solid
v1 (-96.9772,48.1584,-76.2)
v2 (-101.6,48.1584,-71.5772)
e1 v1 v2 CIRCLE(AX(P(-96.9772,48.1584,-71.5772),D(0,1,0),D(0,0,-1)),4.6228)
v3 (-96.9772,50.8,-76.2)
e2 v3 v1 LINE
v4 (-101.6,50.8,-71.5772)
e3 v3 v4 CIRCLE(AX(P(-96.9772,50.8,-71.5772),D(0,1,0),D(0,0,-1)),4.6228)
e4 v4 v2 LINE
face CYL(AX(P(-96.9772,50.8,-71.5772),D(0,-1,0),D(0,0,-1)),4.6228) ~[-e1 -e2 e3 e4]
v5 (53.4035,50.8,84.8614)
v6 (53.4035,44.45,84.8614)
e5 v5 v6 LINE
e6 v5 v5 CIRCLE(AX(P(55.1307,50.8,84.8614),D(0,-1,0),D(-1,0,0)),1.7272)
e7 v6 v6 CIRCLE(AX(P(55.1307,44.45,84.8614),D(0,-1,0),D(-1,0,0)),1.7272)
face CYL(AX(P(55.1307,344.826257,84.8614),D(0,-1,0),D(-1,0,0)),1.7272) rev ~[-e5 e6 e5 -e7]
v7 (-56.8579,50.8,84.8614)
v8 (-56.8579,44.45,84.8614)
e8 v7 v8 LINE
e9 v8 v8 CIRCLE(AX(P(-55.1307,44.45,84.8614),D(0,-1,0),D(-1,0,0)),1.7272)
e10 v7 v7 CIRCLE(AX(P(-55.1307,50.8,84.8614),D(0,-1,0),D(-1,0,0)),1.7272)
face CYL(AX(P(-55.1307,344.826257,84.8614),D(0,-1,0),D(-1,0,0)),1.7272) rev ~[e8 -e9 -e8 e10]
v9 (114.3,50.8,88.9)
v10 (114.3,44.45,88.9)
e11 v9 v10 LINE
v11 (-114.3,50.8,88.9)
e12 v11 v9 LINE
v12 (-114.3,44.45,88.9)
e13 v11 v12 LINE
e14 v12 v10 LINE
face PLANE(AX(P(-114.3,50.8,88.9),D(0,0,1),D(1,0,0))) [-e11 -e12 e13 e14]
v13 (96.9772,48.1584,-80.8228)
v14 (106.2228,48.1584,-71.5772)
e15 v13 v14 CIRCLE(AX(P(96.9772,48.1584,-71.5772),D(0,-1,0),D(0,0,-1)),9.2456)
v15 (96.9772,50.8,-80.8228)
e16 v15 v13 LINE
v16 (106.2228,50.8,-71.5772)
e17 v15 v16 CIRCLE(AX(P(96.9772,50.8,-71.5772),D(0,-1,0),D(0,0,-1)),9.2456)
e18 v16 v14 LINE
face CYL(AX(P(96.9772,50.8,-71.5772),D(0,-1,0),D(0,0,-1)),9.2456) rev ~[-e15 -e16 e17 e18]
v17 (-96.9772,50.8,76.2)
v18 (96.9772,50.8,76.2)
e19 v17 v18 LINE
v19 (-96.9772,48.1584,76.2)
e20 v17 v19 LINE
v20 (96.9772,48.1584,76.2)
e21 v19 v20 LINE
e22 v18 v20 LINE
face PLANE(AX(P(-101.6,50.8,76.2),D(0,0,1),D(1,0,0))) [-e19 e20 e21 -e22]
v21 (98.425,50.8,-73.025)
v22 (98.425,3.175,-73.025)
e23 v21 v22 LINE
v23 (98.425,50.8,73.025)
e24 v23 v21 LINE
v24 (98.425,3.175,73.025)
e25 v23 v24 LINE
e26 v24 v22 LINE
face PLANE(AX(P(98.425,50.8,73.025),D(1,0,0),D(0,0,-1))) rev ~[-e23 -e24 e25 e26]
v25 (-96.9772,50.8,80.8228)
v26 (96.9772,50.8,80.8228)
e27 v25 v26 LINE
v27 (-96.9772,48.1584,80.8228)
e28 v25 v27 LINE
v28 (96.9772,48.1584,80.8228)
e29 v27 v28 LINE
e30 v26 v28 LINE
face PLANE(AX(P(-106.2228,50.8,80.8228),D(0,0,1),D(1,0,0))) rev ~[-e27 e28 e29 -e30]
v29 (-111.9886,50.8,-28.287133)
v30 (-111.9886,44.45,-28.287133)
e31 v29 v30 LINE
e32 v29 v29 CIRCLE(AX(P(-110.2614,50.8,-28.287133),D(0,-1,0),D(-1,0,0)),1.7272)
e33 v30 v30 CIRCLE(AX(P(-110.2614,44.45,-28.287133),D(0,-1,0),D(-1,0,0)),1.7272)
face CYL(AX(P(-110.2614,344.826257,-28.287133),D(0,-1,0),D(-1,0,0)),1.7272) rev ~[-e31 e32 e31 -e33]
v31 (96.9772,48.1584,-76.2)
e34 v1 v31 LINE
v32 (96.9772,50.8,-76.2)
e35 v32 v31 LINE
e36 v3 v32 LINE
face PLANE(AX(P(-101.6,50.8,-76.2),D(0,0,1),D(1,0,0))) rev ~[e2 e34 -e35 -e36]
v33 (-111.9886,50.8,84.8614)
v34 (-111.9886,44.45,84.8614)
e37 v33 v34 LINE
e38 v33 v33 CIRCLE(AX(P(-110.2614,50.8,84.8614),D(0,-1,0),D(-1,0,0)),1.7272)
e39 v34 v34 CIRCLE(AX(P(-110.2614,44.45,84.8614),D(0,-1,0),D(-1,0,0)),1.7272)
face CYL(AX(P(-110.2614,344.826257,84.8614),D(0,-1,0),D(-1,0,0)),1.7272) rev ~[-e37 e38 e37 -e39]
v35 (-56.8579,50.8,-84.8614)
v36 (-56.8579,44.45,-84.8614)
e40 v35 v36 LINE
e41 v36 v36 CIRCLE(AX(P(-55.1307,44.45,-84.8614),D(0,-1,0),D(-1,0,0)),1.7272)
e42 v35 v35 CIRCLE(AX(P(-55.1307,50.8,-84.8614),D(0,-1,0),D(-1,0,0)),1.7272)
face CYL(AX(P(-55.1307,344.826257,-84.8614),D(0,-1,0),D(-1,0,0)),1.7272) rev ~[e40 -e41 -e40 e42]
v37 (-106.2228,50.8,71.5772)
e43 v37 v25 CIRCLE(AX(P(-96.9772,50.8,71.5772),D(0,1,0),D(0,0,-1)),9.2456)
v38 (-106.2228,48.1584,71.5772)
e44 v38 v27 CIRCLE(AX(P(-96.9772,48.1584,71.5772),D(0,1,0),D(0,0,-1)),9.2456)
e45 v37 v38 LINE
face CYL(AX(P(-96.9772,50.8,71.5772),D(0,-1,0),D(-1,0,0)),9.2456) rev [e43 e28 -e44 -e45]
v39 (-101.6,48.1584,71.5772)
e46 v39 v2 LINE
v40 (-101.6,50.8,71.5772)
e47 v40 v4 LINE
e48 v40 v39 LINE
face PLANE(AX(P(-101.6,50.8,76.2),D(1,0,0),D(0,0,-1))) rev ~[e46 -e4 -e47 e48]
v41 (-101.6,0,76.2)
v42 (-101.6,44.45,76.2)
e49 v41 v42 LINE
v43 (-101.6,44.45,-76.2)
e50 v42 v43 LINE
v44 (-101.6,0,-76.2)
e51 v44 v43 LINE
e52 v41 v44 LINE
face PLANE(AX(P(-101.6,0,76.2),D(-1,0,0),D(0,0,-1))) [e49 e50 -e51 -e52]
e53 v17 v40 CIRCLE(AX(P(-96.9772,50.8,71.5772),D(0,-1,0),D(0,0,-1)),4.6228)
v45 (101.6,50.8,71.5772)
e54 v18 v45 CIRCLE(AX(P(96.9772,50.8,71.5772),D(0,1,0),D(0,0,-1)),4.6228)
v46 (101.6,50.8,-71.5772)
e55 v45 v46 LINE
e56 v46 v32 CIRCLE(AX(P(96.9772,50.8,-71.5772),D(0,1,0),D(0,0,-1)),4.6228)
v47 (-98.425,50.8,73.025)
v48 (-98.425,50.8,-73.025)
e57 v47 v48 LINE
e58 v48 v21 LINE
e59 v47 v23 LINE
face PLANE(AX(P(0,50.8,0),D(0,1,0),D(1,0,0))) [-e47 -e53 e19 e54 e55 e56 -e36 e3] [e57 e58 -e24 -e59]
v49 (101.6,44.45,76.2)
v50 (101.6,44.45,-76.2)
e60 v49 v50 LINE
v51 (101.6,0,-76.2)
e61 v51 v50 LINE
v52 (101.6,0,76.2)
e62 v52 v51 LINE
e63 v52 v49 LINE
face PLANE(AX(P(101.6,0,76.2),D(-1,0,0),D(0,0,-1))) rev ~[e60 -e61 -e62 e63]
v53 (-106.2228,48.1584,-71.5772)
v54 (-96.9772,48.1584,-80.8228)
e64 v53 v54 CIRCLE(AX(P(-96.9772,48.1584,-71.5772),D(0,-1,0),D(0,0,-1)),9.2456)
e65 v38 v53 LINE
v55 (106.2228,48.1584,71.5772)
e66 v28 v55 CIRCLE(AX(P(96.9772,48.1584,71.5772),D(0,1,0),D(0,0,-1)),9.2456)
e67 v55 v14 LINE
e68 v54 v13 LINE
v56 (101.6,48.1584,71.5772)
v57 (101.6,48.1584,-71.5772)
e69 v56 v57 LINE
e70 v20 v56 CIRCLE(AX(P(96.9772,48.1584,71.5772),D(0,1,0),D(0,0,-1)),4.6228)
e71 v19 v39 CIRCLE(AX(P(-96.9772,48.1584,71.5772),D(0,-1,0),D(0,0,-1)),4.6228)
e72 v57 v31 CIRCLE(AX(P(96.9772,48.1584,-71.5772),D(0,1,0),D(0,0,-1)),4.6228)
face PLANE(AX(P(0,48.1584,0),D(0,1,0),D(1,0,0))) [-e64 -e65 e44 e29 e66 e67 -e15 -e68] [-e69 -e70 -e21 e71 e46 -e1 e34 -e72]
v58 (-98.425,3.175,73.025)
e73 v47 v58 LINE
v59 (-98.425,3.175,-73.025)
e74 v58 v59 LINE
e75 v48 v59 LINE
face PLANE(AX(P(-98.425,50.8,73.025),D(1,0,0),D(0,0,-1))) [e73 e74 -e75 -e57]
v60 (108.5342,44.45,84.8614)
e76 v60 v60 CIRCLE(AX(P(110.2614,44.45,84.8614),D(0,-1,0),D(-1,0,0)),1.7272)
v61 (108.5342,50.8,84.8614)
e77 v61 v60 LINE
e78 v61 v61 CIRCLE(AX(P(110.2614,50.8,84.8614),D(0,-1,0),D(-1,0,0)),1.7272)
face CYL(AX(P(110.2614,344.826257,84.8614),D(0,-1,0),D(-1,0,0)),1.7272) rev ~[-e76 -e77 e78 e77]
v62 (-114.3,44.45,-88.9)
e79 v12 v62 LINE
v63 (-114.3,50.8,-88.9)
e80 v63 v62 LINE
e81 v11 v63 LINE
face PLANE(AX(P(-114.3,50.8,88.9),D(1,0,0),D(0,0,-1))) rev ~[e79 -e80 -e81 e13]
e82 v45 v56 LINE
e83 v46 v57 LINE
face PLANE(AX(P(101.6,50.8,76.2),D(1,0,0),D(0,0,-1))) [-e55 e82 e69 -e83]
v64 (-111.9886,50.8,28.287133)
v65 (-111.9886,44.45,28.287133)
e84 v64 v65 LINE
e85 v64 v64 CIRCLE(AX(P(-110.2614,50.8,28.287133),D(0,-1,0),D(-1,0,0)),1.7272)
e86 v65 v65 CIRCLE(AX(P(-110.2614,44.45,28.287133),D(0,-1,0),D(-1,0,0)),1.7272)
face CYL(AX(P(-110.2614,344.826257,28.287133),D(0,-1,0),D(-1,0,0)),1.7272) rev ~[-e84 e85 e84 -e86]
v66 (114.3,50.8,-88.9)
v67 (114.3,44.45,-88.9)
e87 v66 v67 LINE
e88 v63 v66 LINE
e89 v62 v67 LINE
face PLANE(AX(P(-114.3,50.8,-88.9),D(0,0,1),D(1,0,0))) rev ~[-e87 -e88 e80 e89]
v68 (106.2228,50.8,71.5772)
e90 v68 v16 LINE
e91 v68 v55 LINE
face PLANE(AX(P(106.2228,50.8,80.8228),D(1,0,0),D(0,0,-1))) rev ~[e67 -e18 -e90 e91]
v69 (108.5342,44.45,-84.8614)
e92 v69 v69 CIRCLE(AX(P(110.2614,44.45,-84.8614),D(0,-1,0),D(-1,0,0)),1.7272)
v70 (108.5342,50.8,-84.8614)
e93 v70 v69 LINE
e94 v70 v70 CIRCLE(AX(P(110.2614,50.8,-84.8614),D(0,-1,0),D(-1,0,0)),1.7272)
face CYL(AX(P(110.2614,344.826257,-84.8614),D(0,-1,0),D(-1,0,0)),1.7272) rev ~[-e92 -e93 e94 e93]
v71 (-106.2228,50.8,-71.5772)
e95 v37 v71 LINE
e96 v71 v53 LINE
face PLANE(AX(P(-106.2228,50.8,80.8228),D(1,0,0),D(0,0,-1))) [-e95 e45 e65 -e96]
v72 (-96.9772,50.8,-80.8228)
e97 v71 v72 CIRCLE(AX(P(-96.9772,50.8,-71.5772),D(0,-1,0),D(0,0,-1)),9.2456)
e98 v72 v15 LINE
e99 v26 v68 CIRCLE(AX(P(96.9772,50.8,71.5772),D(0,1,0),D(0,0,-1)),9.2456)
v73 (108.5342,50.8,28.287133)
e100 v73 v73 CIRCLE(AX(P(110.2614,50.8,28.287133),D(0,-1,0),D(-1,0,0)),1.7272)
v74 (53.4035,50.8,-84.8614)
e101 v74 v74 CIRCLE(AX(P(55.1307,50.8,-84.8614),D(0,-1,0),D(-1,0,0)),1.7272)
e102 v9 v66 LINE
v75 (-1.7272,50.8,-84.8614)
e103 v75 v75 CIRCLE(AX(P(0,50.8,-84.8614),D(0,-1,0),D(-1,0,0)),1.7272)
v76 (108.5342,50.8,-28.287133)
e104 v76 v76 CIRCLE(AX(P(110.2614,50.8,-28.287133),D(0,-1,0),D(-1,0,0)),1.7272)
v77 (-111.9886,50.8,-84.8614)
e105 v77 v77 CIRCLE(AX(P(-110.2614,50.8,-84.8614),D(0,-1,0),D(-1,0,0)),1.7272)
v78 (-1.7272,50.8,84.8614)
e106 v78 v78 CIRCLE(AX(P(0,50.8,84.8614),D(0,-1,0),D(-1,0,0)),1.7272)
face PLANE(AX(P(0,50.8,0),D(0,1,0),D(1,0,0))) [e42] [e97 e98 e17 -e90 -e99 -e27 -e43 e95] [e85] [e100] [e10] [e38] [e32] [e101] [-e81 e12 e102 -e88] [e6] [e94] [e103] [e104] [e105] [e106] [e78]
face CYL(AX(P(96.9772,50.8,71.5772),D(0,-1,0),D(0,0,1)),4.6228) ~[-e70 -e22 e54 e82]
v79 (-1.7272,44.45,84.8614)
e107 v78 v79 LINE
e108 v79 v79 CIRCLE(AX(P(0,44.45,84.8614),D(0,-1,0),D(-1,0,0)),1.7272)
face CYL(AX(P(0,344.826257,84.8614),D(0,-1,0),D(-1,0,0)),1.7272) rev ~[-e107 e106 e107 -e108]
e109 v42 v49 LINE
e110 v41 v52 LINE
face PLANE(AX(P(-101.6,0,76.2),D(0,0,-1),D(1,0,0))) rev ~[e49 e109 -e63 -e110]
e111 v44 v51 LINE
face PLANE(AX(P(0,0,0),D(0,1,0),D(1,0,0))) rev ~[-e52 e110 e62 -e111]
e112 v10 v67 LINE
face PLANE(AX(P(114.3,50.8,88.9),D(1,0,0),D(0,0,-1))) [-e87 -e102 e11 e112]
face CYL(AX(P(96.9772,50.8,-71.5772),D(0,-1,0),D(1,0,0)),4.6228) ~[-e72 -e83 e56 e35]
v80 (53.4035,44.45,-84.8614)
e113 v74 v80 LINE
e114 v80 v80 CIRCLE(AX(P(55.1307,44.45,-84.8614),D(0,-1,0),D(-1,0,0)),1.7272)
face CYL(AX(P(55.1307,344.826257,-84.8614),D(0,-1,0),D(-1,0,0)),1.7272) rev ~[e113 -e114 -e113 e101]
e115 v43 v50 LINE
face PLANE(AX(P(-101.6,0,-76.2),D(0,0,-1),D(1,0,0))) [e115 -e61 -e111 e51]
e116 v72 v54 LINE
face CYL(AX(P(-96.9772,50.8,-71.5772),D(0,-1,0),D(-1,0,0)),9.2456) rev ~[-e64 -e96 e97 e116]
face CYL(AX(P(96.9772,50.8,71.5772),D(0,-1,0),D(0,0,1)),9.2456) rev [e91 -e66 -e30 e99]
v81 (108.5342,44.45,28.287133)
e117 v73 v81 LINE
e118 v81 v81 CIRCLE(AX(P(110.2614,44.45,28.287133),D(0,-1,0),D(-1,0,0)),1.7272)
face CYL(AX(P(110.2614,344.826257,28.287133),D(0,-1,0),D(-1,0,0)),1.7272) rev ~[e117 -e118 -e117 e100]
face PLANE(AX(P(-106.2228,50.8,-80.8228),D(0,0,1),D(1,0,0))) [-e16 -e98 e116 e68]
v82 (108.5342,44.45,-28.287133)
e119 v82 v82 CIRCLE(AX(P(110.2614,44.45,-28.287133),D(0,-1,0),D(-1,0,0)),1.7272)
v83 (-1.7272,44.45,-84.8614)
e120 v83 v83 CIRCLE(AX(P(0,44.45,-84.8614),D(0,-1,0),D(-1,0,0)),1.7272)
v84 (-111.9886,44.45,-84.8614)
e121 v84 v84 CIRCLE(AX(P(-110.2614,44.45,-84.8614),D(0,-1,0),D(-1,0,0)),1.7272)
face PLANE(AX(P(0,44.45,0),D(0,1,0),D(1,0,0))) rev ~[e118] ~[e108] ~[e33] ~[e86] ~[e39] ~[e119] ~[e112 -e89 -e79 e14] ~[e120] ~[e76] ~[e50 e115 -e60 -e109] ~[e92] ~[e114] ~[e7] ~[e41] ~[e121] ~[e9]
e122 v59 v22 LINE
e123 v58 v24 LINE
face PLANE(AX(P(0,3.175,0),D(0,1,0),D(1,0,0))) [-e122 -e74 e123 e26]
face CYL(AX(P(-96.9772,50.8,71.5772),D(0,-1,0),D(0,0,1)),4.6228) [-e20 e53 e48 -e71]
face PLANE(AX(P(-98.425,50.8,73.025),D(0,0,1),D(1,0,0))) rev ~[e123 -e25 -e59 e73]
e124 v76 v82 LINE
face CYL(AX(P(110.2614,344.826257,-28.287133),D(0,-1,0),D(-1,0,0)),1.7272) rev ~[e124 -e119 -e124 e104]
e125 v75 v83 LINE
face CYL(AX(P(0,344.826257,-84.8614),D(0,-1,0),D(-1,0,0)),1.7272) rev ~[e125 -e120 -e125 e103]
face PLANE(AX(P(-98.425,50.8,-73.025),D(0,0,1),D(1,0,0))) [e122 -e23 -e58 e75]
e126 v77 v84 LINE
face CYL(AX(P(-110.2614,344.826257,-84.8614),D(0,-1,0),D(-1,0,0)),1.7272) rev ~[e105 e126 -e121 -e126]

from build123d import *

# Parameters (mm, degrees)
SKETCH1_W             = 203.2
SKETCH1_H             = 152.4
BOSS_EXTRUDE1_DEPTH   = 50.8
SKETCH2_W             = 196.85
SKETCH2_H             = 146.05
CUT_EXTRUDE1_DEPTH    = 47.625
SKETCH4_W             = 228.6
SKETCH4_H             = 177.8
SKETCH4_W_2           = 203.2
SKETCH4_H_2           = 152.4
BOSS_EXTRUDE2_DEPTH   = 6.35
SKETCH7_W             = 212.4456
SKETCH7_H             = 161.6456
SKETCH7_W_2           = 203.2
SKETCH7_H_2           = 152.4
CUT_EXTRUDE2_DEPTH    = 2.6416
F_8_32_TAPPED_HOLE1_D = 3.4544
FILLET3_R             = 4.6228
FILLET4_R             = 9.2456


with BuildPart() as part:
    # Sketch1 → Boss-Extrude1 (new body)
    with BuildSketch(Plane(origin=(0, 0, 0), x_dir=(1, 0, 0), z_dir=(0, 1, 0))):
        Rectangle(SKETCH1_W, SKETCH1_H)
    extrude(amount=BOSS_EXTRUDE1_DEPTH)

    # Sketch2 → Cut-Extrude1 (cut)
    with BuildSketch(Plane(origin=(0, 50.8, 0), x_dir=(1, 0, 0), z_dir=(0, 1, 0))):
        Rectangle(SKETCH2_W, SKETCH2_H)
    extrude(amount=-CUT_EXTRUDE1_DEPTH, mode=Mode.SUBTRACT)

    # Sketch4 → Boss-Extrude2 (add)
    with BuildSketch(Plane(origin=(0, 50.8, 0), x_dir=(1, 0, 0), z_dir=(0, 1, 0))):
        Rectangle(SKETCH4_W, SKETCH4_H)
        Rectangle(SKETCH4_W_2, SKETCH4_H_2, mode=Mode.SUBTRACT)
    extrude(amount=-BOSS_EXTRUDE2_DEPTH)

    # Sketch7 → Cut-Extrude2 (cut)
    with BuildSketch(Plane(origin=(0, 50.8, 0), x_dir=(1, 0, 0), z_dir=(0, 1, 0))):
        Rectangle(SKETCH7_W, SKETCH7_H)
        Rectangle(SKETCH7_W_2, SKETCH7_H_2, mode=Mode.SUBTRACT)
    extrude(amount=-CUT_EXTRUDE2_DEPTH, mode=Mode.SUBTRACT)

    # #8-32 Tapped Hole1 (through all)
    with Locations(Plane(origin=(0, 50.8, 0), x_dir=(1, 0, 0), z_dir=(0, 1, 0))):
        with Locations((55.1307, 84.8614), (110.2614, 84.8614), (110.2614, 28.287133333), (0, 84.8614), (110.2614, -28.287133333), (110.2614, -84.8614), (55.1307, -84.8614), (0, -84.8614), (-55.1307, -84.8614), (-110.2614, -84.8614), (-110.2614, -28.287133333), (-110.2614, 28.287133333), (-110.2614, 84.8614), (-55.1307, 84.8614)):
            Hole(F_8_32_TAPPED_HOLE1_D / 2)

    # Fillet3
    fillet3_edges = [part.edges().sort_by_distance(p)[0] for p in [
        (-101.6, 49.4792, -76.2),
        (101.6, 49.4792, -76.2),
        (101.6, 49.4792, 76.2),
        (-101.6, 49.4792, 76.2),
    ]]
    fillet(fillet3_edges, radius=FILLET3_R)

    # Fillet4
    fillet4_edges = [part.edges().sort_by_distance(p)[0] for p in [
        (-106.2228, 49.4792, -80.8228),
        (106.2228, 49.4792, -80.8228),
        (106.2228, 49.4792, 80.8228),
        (-106.2228, 49.4792, 80.8228),
    ]]
    fillet(fillet4_edges, radius=FILLET4_R)


solid = part.part
